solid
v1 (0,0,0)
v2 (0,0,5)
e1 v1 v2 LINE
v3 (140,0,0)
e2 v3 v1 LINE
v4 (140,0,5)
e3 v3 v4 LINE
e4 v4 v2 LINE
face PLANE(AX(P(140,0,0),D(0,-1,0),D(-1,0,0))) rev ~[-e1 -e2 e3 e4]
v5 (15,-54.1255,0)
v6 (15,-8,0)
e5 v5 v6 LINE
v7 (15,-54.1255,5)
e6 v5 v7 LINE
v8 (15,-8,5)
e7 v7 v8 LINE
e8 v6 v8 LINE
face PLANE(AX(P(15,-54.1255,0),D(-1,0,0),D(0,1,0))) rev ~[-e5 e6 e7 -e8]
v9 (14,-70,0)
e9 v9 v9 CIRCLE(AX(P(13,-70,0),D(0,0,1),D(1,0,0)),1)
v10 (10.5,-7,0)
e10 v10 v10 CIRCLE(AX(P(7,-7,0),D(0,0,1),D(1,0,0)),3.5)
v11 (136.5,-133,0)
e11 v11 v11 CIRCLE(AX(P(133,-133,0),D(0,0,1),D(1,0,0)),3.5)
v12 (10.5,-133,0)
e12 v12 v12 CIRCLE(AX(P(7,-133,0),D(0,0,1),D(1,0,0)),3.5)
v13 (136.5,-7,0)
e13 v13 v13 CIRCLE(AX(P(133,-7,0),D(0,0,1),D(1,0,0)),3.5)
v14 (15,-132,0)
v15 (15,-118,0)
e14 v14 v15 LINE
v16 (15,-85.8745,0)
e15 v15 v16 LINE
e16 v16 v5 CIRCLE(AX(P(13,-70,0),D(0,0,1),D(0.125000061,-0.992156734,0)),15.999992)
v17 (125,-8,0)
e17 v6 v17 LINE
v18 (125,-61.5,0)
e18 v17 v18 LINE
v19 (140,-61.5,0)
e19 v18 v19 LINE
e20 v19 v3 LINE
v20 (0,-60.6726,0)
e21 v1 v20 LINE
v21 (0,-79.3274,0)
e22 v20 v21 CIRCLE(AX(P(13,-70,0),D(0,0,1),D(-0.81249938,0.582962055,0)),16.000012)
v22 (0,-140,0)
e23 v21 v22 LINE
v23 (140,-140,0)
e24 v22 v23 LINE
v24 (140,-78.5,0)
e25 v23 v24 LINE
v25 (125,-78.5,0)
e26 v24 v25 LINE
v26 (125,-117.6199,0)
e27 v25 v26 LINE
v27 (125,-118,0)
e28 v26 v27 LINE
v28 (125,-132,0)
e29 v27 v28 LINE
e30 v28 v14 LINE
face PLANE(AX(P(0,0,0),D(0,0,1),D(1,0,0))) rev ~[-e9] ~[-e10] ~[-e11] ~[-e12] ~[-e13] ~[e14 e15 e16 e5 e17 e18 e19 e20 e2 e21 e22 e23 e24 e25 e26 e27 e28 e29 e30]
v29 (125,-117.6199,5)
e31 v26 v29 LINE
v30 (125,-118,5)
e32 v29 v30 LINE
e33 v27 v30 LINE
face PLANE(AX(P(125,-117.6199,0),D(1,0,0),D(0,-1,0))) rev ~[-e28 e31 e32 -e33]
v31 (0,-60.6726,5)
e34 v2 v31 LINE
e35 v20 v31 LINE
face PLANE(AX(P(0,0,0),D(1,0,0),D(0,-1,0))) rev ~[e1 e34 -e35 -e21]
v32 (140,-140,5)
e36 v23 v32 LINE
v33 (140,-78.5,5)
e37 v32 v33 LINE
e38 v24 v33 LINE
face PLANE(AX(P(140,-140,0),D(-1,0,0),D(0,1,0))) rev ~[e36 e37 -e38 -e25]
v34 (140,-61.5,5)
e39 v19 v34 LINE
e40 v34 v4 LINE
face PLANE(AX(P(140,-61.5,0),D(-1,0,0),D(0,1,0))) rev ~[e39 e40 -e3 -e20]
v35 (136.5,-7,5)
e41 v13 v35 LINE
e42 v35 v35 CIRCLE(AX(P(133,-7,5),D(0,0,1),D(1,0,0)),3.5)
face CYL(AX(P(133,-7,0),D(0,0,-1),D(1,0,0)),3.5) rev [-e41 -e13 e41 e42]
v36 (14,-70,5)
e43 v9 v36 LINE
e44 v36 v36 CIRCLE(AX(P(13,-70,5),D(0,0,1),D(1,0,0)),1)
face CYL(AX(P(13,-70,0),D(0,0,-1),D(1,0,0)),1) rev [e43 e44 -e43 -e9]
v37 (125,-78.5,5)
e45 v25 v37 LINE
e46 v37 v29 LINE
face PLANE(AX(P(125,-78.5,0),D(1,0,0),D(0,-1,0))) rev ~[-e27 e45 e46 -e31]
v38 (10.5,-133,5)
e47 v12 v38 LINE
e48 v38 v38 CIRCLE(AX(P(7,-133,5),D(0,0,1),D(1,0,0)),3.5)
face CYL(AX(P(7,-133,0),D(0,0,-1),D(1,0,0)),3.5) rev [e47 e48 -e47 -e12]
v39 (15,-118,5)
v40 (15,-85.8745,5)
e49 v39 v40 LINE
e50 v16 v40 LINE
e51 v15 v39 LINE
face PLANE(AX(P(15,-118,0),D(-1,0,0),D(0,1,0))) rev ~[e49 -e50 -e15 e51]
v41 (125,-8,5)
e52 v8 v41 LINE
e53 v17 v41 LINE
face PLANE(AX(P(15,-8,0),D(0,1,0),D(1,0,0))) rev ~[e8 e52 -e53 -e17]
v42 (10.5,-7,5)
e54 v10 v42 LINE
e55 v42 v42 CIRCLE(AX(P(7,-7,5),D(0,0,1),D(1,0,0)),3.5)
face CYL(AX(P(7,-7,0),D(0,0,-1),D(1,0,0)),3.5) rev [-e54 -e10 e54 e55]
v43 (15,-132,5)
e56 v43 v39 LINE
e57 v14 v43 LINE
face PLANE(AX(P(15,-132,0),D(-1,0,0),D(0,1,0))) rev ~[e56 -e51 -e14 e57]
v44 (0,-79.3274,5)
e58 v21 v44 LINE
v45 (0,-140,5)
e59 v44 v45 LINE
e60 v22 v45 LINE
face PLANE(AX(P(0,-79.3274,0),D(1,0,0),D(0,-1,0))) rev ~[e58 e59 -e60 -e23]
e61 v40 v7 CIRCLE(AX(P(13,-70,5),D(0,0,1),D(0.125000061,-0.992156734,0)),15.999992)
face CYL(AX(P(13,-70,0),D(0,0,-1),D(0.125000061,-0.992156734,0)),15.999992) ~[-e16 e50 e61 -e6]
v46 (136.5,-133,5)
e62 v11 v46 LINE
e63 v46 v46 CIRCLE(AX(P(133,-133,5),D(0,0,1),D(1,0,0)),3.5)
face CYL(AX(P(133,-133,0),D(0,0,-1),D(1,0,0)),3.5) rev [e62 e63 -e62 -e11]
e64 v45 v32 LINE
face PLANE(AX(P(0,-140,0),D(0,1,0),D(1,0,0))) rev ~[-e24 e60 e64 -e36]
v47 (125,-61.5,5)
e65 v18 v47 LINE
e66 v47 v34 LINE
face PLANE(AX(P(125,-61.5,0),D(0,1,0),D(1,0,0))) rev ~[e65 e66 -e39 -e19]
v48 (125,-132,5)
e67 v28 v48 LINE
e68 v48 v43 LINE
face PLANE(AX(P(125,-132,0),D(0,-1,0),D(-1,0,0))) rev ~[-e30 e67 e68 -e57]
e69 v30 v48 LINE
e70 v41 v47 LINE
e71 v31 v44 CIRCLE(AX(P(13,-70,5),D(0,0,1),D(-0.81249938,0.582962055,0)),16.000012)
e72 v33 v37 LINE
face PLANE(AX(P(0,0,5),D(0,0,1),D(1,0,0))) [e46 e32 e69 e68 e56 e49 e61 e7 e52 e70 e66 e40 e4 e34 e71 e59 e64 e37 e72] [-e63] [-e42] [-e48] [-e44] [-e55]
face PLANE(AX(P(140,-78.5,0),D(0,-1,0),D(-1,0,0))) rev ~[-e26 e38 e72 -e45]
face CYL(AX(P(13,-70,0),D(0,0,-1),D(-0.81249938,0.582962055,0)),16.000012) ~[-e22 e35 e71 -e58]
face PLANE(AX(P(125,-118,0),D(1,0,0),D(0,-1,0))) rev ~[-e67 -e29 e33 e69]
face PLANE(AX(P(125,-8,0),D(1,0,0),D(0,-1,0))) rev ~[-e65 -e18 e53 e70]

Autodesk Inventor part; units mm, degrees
ref_plane "YZ Plane" through (0, 0, 0) normal (1, 0, 0) x (0, 1, 0)
ref_plane "XZ Plane" through (0, 0, 0) normal (0, 1, 0) x (-1, 0, 0)
ref_plane "XY Plane" through (0, 0, 0) normal (0, 0, 1) x (1, 0, 0)
sketch "Boceto1" plane through (0, 0, 0) normal (0, 0, 1) x (1, 0, 0)
  circle A0 centre (7, -7) radius 3.5
  circle A1 centre (133, -7) radius 3.5
  circle A2 centre (7, -133) radius 3.5
  circle A3 centre (133, -133) radius 3.5
  line L0 (125, -117.6199) -> (125, -132)
  line L1 (125, -132) -> (15, -132)
  line L2 (15, -132) -> (15, -118)
  line L3 (15, -118) -> (15, -85.8745)
  arc A4 (0, -60.6726) -> (0, -79.3274) centre (13, -70) ccw
  line L4 (15, -54.1255) -> (15, -8)
  line L5 (15, -8) -> (125, -8)
  line L6 (125, -8) -> (125, -61.5)
  line L7 (125, -61.5) -> (140, -61.5)
  line L8 (140, -61.5) -> (140, 0)
  line L9 (140, 0) -> (0, 0)
  line L10 (0, 0) -> (0, -60.6726)
  line L11 (0, -79.3274) -> (0, -140)
  line L12 (0, -140) -> (140, -140)
  line L13 (140, -140) -> (140, -78.5)
  line L14 (140, -78.5) -> (125, -78.5)
  line L15 (125, -78.5) -> (125, -118)
  arc A5 (15, -85.8745) -> (15, -54.1255) centre (13, -70) ccw
  circle A6 centre (13, -70) radius 1
  point P0 (15, -54.1255)
  point P1 (0, -60.6726)
  point P2 (0, -79.3274)
  dimension "d0" = 2
extrude "Extrusión1" add sketch "Boceto1" along normal blind 5
properties part number "P4"
